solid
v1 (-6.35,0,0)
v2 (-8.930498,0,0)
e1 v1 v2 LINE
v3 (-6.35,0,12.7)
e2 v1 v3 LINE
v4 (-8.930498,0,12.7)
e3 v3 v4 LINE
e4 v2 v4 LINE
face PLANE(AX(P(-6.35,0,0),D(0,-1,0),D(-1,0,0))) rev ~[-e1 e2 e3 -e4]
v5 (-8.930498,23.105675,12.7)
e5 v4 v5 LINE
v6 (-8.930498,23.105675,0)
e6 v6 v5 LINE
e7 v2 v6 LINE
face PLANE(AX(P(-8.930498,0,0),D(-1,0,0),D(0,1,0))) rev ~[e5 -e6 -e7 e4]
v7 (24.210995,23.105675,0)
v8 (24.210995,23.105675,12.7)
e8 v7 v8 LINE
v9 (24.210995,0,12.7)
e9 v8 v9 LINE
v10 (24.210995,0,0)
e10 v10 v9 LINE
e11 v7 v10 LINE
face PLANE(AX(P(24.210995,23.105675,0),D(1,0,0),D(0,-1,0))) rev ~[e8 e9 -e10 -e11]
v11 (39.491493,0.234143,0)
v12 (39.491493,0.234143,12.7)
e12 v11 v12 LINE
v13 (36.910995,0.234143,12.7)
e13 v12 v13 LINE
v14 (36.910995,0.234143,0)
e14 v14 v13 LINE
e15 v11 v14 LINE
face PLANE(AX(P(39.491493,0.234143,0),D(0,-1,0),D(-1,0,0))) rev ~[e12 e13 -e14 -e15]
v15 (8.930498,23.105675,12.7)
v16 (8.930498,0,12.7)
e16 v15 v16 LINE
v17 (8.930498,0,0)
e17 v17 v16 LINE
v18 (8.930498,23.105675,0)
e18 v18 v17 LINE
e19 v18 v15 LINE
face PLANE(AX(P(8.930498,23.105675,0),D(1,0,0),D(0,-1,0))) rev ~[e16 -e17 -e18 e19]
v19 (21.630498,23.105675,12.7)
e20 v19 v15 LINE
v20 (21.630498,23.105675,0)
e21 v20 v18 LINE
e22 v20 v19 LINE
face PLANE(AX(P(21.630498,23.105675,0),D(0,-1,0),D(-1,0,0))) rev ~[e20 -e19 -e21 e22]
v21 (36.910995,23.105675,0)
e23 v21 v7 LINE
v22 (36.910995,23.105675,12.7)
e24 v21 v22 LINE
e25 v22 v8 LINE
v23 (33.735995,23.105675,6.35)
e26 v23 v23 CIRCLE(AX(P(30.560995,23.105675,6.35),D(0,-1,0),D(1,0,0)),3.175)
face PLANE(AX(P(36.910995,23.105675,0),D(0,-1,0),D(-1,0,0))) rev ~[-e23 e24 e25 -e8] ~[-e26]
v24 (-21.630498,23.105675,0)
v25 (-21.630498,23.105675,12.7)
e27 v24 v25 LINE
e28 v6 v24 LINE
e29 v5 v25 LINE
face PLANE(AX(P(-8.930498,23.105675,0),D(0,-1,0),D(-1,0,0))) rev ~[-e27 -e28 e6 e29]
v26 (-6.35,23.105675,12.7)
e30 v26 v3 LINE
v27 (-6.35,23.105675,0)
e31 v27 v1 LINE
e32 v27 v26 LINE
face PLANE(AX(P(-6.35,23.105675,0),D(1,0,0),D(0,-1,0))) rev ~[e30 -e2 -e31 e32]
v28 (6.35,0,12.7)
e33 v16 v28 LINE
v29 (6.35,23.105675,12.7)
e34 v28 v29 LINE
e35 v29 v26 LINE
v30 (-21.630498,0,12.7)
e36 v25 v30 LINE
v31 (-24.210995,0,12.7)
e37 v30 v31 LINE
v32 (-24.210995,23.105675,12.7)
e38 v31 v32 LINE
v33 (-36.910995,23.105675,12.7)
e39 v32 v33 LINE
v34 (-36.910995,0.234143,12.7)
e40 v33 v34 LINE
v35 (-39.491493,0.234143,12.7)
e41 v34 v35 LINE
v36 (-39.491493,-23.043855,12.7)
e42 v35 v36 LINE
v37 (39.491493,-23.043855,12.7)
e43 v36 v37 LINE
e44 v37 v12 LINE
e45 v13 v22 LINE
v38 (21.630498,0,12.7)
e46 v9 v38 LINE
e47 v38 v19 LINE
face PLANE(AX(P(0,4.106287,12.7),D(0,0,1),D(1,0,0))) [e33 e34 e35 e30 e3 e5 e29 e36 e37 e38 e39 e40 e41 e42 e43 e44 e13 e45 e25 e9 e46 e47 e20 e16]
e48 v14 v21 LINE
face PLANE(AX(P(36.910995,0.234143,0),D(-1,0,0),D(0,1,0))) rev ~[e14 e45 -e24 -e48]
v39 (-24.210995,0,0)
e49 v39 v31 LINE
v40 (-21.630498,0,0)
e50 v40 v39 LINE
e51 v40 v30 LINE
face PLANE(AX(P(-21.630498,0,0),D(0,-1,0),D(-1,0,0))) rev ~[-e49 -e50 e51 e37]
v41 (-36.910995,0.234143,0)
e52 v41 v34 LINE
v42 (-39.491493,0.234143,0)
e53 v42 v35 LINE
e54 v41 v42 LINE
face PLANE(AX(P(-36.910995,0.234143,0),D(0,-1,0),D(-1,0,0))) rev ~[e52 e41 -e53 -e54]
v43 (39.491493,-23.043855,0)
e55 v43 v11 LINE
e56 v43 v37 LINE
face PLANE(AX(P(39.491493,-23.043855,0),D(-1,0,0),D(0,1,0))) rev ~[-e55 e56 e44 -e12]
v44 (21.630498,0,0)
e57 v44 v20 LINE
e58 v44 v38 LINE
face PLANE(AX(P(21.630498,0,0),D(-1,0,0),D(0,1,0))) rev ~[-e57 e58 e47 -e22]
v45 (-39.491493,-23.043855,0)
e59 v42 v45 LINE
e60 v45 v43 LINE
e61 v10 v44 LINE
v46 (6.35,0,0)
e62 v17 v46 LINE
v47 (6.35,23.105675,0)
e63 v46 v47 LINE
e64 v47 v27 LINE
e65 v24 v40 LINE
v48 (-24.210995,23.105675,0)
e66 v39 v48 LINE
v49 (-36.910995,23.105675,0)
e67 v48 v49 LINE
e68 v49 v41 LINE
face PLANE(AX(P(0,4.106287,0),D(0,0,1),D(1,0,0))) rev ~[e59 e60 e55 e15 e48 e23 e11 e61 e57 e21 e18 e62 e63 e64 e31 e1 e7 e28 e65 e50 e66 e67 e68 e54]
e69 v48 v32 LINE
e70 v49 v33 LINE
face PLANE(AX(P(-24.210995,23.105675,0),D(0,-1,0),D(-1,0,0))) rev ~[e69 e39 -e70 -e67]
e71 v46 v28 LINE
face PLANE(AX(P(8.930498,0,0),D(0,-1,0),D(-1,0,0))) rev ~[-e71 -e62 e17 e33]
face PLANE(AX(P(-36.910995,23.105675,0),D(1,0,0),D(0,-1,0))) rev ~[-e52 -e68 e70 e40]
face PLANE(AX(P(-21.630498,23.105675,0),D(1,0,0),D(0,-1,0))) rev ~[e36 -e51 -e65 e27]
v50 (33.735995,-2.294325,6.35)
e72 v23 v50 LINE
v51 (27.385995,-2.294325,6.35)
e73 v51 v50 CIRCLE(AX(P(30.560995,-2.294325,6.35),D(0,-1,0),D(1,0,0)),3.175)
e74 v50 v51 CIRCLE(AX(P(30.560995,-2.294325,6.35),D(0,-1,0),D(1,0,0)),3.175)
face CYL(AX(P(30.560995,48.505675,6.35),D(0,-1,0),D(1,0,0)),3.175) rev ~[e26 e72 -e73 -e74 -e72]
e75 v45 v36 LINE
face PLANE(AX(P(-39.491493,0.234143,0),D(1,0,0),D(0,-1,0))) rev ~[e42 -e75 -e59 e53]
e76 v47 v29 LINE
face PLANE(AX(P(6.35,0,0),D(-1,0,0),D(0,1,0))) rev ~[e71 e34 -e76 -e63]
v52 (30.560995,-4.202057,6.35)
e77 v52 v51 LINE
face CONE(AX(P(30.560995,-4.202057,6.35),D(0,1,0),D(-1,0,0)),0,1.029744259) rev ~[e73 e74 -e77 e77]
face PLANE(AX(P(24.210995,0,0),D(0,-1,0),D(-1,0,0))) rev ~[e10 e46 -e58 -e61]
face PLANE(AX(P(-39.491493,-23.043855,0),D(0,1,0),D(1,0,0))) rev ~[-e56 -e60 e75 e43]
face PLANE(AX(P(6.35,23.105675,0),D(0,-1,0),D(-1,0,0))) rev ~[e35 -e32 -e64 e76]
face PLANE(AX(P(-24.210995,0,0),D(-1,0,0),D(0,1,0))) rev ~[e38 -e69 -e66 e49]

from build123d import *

# Parameters (mm, degrees)
F1_DEPTH = 12.7
F3_D     = 6.35
F3_DEPTH = 25.4
F3_TIP   = 1.9077324654


with BuildPart() as f1:
    # F0 (on Top) → F1 (new body)
    with BuildSketch(Plane.XY):
        Polygon((39.4914927714, -23.0438545598), (39.4914927714, 0.2341428303), (36.910995181, 0.2341428303), (36.910995181, 23.1056753299), (24.210995181, 23.1056753299), (24.210995181, 0), (21.6304975905, 0), (21.6304975905, 23.1056753299), (8.9304975905, 23.1056753299), (8.9304975905, 0), (6.35, 0), (6.35, 23.1056753299), (0, 23.1056753299), (-6.35, 23.1056753299), (-6.35, 0), (-8.9304975905, 0), (-8.9304975905, 23.1056753299), (-21.6304975905, 23.1056753299), (-21.6304975905, 0), (-24.210995181, 0), (-24.210995181, 23.1056753299), (-36.910995181, 23.1056753299), (-36.910995181, 0.2341428303), (-39.4914927714, 0.2341428303), (-39.4914927714, -23.0438545598), (0, -23.0438545598), align=None)
    extrude(amount=F1_DEPTH)

    # F3
    with Locations(Plane(origin=(0, 23.1056753299, 0), x_dir=(-1, 0, 0), z_dir=(0, 1, 0))):
        with Locations((-30.560995181, 6.35)):
            Hole(F3_D / 2, depth=F3_DEPTH)
            with Locations((0, 0, -(F3_DEPTH + F3_TIP / 2))):  # 118° drill point
                Cone(0, F3_D / 2, F3_TIP, mode=Mode.SUBTRACT)


solid = f1.part
